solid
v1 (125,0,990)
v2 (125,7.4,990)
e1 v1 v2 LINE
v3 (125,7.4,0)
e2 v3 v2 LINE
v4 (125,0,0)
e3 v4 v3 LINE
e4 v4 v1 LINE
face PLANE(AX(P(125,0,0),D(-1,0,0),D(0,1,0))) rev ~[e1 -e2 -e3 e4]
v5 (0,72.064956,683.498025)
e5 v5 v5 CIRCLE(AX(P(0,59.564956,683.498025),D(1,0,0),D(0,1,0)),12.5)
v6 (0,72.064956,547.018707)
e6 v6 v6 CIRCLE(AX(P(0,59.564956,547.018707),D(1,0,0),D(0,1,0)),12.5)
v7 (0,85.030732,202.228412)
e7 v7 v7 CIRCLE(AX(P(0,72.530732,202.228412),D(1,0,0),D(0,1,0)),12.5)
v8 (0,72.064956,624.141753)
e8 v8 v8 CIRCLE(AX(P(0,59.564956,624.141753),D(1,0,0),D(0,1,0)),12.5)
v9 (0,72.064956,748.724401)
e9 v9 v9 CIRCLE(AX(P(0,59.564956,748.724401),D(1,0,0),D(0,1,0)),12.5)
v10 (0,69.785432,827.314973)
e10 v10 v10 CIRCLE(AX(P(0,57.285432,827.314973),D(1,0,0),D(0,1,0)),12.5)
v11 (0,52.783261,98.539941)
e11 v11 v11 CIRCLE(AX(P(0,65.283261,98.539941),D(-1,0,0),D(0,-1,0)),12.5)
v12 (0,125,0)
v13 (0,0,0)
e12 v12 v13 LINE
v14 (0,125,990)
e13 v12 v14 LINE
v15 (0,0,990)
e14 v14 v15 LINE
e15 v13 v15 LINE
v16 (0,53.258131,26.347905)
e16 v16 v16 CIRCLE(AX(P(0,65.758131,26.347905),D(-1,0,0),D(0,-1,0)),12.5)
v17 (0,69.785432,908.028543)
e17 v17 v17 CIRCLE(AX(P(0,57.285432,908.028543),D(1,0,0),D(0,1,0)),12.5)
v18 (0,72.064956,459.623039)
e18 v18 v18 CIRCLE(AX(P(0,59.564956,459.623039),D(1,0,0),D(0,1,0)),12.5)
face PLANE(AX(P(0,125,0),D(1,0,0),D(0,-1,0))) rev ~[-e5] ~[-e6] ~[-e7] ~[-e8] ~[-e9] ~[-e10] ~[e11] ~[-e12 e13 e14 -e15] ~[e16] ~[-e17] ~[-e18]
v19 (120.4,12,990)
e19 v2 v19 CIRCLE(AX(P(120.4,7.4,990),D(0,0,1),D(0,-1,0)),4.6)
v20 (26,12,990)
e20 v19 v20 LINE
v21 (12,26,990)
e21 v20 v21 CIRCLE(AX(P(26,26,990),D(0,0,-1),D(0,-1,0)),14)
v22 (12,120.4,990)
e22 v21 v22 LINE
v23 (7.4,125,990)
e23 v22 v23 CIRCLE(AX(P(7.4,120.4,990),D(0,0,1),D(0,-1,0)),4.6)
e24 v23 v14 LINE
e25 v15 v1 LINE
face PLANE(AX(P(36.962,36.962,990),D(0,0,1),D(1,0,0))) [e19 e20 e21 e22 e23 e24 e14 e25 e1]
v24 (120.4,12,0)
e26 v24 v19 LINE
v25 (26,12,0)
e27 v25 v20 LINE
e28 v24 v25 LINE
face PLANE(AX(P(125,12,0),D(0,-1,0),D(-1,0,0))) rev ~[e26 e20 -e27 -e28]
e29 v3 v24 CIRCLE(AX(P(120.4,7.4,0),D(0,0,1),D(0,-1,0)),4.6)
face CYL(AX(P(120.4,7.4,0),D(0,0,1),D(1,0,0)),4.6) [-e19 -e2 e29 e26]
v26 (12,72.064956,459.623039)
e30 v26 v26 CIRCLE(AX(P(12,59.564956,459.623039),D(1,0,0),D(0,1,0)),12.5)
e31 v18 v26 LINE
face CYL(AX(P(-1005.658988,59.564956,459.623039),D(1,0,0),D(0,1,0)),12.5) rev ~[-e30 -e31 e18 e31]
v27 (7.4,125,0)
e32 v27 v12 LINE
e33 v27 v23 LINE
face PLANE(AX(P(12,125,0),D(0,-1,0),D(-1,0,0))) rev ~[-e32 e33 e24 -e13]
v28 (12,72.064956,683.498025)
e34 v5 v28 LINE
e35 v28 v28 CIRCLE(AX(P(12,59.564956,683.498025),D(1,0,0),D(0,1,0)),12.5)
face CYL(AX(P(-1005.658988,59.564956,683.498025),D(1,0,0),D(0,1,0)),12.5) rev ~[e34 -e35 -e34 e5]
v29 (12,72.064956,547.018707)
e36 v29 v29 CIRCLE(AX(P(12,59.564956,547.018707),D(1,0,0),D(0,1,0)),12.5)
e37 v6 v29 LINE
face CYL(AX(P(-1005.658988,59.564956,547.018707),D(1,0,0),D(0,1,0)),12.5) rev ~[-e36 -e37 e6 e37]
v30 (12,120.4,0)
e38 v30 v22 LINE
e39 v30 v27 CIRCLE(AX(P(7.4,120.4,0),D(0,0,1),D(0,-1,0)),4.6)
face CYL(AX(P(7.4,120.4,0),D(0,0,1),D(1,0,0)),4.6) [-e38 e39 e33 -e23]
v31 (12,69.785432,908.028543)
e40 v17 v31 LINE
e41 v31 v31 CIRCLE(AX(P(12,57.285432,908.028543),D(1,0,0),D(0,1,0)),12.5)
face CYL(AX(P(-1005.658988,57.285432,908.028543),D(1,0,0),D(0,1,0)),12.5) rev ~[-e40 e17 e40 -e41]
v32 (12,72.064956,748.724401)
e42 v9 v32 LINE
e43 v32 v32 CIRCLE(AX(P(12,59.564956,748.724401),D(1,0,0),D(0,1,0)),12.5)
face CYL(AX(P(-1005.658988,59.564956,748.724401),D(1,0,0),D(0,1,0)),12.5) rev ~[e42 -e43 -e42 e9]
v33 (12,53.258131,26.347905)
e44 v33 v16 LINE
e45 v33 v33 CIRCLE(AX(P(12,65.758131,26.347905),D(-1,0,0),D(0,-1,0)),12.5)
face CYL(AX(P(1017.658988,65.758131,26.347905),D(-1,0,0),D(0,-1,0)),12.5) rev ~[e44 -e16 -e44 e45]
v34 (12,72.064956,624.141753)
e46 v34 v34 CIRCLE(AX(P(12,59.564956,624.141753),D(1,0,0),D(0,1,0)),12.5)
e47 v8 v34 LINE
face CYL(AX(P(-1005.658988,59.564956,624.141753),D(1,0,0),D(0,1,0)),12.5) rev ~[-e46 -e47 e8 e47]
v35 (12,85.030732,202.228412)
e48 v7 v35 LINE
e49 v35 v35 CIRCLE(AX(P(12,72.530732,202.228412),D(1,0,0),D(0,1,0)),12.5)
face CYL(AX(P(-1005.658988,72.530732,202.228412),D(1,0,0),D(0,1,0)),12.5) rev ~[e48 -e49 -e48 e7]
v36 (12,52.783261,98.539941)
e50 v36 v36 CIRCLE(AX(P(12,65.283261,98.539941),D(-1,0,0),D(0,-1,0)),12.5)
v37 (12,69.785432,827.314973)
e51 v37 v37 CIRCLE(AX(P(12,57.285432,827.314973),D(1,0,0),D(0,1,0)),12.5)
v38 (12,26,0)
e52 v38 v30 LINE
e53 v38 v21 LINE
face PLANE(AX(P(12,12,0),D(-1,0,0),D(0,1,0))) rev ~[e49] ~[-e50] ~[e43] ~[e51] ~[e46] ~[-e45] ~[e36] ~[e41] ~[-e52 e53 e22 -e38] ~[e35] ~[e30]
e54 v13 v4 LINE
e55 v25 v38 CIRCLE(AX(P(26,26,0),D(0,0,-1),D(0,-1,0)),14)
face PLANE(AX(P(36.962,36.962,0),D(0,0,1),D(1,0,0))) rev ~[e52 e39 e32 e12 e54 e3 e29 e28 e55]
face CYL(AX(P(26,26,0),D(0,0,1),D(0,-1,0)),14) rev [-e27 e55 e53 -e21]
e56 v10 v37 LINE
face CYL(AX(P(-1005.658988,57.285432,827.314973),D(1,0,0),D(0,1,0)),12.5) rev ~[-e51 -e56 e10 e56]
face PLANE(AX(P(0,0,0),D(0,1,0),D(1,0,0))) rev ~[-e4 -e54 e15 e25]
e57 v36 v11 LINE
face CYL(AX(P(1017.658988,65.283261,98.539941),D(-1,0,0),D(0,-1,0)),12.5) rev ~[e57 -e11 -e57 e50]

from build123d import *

# Parameters (mm, degrees)
F1_DEPTH = 990
F2_R     = 4.6
F3_R     = 14
F5_D     = 25
F7_D     = 25
F9_D     = 25
F11_D    = 25


with BuildPart() as f1:
    # F0 (on Top) → F1 (new body)
    with BuildSketch(Plane.XY):
        Polygon((0, 125), (0, 0), (125, 0), (125, 12), (12, 12), (12, 125), align=None)
    extrude(amount=F1_DEPTH)

    # F2
    f2_edges = [f1.edges().sort_by_distance(p)[0] for p in [
        (12, 125, 495),
        (125, 12, 495),
    ]]
    fillet(f2_edges, radius=F2_R)

    # F3
    f3_edges = [f1.edges().sort_by_distance(p)[0] for p in [
        (12, 12, 495),
    ]]
    fillet(f3_edges, radius=F3_R)

    # F5 (through all)
    with Locations(Plane(origin=(0, 0, 0), x_dir=(0, -1, 0), z_dir=(-1, 0, 0))):
        with Locations((-57.285432, 908.028543), (-59.564956, 459.623039), (-59.564956, 547.018707), (-59.564956, 624.141753), (-59.564956, 683.498025), (-59.564956, 748.724401), (-57.285432, 827.314973)):
            Hole(F5_D / 2)

    # F7 (through all)
    with Locations(Plane(origin=(0, 0, 0), x_dir=(0, -1, 0), z_dir=(-1, 0, 0))):
        with Locations((-72.530732, 202.228412)):
            Hole(F7_D / 2)

    # F9 (through all)
    with Locations(Plane.YZ.offset(12)):
        with Locations((65.758131, 26.347905)):
            Hole(F9_D / 2)

    # F11 (through all)
    with Locations(Plane.YZ.offset(12)):
        with Locations((65.283261, 98.539941)):
            Hole(F11_D / 2)


solid = f1.part
